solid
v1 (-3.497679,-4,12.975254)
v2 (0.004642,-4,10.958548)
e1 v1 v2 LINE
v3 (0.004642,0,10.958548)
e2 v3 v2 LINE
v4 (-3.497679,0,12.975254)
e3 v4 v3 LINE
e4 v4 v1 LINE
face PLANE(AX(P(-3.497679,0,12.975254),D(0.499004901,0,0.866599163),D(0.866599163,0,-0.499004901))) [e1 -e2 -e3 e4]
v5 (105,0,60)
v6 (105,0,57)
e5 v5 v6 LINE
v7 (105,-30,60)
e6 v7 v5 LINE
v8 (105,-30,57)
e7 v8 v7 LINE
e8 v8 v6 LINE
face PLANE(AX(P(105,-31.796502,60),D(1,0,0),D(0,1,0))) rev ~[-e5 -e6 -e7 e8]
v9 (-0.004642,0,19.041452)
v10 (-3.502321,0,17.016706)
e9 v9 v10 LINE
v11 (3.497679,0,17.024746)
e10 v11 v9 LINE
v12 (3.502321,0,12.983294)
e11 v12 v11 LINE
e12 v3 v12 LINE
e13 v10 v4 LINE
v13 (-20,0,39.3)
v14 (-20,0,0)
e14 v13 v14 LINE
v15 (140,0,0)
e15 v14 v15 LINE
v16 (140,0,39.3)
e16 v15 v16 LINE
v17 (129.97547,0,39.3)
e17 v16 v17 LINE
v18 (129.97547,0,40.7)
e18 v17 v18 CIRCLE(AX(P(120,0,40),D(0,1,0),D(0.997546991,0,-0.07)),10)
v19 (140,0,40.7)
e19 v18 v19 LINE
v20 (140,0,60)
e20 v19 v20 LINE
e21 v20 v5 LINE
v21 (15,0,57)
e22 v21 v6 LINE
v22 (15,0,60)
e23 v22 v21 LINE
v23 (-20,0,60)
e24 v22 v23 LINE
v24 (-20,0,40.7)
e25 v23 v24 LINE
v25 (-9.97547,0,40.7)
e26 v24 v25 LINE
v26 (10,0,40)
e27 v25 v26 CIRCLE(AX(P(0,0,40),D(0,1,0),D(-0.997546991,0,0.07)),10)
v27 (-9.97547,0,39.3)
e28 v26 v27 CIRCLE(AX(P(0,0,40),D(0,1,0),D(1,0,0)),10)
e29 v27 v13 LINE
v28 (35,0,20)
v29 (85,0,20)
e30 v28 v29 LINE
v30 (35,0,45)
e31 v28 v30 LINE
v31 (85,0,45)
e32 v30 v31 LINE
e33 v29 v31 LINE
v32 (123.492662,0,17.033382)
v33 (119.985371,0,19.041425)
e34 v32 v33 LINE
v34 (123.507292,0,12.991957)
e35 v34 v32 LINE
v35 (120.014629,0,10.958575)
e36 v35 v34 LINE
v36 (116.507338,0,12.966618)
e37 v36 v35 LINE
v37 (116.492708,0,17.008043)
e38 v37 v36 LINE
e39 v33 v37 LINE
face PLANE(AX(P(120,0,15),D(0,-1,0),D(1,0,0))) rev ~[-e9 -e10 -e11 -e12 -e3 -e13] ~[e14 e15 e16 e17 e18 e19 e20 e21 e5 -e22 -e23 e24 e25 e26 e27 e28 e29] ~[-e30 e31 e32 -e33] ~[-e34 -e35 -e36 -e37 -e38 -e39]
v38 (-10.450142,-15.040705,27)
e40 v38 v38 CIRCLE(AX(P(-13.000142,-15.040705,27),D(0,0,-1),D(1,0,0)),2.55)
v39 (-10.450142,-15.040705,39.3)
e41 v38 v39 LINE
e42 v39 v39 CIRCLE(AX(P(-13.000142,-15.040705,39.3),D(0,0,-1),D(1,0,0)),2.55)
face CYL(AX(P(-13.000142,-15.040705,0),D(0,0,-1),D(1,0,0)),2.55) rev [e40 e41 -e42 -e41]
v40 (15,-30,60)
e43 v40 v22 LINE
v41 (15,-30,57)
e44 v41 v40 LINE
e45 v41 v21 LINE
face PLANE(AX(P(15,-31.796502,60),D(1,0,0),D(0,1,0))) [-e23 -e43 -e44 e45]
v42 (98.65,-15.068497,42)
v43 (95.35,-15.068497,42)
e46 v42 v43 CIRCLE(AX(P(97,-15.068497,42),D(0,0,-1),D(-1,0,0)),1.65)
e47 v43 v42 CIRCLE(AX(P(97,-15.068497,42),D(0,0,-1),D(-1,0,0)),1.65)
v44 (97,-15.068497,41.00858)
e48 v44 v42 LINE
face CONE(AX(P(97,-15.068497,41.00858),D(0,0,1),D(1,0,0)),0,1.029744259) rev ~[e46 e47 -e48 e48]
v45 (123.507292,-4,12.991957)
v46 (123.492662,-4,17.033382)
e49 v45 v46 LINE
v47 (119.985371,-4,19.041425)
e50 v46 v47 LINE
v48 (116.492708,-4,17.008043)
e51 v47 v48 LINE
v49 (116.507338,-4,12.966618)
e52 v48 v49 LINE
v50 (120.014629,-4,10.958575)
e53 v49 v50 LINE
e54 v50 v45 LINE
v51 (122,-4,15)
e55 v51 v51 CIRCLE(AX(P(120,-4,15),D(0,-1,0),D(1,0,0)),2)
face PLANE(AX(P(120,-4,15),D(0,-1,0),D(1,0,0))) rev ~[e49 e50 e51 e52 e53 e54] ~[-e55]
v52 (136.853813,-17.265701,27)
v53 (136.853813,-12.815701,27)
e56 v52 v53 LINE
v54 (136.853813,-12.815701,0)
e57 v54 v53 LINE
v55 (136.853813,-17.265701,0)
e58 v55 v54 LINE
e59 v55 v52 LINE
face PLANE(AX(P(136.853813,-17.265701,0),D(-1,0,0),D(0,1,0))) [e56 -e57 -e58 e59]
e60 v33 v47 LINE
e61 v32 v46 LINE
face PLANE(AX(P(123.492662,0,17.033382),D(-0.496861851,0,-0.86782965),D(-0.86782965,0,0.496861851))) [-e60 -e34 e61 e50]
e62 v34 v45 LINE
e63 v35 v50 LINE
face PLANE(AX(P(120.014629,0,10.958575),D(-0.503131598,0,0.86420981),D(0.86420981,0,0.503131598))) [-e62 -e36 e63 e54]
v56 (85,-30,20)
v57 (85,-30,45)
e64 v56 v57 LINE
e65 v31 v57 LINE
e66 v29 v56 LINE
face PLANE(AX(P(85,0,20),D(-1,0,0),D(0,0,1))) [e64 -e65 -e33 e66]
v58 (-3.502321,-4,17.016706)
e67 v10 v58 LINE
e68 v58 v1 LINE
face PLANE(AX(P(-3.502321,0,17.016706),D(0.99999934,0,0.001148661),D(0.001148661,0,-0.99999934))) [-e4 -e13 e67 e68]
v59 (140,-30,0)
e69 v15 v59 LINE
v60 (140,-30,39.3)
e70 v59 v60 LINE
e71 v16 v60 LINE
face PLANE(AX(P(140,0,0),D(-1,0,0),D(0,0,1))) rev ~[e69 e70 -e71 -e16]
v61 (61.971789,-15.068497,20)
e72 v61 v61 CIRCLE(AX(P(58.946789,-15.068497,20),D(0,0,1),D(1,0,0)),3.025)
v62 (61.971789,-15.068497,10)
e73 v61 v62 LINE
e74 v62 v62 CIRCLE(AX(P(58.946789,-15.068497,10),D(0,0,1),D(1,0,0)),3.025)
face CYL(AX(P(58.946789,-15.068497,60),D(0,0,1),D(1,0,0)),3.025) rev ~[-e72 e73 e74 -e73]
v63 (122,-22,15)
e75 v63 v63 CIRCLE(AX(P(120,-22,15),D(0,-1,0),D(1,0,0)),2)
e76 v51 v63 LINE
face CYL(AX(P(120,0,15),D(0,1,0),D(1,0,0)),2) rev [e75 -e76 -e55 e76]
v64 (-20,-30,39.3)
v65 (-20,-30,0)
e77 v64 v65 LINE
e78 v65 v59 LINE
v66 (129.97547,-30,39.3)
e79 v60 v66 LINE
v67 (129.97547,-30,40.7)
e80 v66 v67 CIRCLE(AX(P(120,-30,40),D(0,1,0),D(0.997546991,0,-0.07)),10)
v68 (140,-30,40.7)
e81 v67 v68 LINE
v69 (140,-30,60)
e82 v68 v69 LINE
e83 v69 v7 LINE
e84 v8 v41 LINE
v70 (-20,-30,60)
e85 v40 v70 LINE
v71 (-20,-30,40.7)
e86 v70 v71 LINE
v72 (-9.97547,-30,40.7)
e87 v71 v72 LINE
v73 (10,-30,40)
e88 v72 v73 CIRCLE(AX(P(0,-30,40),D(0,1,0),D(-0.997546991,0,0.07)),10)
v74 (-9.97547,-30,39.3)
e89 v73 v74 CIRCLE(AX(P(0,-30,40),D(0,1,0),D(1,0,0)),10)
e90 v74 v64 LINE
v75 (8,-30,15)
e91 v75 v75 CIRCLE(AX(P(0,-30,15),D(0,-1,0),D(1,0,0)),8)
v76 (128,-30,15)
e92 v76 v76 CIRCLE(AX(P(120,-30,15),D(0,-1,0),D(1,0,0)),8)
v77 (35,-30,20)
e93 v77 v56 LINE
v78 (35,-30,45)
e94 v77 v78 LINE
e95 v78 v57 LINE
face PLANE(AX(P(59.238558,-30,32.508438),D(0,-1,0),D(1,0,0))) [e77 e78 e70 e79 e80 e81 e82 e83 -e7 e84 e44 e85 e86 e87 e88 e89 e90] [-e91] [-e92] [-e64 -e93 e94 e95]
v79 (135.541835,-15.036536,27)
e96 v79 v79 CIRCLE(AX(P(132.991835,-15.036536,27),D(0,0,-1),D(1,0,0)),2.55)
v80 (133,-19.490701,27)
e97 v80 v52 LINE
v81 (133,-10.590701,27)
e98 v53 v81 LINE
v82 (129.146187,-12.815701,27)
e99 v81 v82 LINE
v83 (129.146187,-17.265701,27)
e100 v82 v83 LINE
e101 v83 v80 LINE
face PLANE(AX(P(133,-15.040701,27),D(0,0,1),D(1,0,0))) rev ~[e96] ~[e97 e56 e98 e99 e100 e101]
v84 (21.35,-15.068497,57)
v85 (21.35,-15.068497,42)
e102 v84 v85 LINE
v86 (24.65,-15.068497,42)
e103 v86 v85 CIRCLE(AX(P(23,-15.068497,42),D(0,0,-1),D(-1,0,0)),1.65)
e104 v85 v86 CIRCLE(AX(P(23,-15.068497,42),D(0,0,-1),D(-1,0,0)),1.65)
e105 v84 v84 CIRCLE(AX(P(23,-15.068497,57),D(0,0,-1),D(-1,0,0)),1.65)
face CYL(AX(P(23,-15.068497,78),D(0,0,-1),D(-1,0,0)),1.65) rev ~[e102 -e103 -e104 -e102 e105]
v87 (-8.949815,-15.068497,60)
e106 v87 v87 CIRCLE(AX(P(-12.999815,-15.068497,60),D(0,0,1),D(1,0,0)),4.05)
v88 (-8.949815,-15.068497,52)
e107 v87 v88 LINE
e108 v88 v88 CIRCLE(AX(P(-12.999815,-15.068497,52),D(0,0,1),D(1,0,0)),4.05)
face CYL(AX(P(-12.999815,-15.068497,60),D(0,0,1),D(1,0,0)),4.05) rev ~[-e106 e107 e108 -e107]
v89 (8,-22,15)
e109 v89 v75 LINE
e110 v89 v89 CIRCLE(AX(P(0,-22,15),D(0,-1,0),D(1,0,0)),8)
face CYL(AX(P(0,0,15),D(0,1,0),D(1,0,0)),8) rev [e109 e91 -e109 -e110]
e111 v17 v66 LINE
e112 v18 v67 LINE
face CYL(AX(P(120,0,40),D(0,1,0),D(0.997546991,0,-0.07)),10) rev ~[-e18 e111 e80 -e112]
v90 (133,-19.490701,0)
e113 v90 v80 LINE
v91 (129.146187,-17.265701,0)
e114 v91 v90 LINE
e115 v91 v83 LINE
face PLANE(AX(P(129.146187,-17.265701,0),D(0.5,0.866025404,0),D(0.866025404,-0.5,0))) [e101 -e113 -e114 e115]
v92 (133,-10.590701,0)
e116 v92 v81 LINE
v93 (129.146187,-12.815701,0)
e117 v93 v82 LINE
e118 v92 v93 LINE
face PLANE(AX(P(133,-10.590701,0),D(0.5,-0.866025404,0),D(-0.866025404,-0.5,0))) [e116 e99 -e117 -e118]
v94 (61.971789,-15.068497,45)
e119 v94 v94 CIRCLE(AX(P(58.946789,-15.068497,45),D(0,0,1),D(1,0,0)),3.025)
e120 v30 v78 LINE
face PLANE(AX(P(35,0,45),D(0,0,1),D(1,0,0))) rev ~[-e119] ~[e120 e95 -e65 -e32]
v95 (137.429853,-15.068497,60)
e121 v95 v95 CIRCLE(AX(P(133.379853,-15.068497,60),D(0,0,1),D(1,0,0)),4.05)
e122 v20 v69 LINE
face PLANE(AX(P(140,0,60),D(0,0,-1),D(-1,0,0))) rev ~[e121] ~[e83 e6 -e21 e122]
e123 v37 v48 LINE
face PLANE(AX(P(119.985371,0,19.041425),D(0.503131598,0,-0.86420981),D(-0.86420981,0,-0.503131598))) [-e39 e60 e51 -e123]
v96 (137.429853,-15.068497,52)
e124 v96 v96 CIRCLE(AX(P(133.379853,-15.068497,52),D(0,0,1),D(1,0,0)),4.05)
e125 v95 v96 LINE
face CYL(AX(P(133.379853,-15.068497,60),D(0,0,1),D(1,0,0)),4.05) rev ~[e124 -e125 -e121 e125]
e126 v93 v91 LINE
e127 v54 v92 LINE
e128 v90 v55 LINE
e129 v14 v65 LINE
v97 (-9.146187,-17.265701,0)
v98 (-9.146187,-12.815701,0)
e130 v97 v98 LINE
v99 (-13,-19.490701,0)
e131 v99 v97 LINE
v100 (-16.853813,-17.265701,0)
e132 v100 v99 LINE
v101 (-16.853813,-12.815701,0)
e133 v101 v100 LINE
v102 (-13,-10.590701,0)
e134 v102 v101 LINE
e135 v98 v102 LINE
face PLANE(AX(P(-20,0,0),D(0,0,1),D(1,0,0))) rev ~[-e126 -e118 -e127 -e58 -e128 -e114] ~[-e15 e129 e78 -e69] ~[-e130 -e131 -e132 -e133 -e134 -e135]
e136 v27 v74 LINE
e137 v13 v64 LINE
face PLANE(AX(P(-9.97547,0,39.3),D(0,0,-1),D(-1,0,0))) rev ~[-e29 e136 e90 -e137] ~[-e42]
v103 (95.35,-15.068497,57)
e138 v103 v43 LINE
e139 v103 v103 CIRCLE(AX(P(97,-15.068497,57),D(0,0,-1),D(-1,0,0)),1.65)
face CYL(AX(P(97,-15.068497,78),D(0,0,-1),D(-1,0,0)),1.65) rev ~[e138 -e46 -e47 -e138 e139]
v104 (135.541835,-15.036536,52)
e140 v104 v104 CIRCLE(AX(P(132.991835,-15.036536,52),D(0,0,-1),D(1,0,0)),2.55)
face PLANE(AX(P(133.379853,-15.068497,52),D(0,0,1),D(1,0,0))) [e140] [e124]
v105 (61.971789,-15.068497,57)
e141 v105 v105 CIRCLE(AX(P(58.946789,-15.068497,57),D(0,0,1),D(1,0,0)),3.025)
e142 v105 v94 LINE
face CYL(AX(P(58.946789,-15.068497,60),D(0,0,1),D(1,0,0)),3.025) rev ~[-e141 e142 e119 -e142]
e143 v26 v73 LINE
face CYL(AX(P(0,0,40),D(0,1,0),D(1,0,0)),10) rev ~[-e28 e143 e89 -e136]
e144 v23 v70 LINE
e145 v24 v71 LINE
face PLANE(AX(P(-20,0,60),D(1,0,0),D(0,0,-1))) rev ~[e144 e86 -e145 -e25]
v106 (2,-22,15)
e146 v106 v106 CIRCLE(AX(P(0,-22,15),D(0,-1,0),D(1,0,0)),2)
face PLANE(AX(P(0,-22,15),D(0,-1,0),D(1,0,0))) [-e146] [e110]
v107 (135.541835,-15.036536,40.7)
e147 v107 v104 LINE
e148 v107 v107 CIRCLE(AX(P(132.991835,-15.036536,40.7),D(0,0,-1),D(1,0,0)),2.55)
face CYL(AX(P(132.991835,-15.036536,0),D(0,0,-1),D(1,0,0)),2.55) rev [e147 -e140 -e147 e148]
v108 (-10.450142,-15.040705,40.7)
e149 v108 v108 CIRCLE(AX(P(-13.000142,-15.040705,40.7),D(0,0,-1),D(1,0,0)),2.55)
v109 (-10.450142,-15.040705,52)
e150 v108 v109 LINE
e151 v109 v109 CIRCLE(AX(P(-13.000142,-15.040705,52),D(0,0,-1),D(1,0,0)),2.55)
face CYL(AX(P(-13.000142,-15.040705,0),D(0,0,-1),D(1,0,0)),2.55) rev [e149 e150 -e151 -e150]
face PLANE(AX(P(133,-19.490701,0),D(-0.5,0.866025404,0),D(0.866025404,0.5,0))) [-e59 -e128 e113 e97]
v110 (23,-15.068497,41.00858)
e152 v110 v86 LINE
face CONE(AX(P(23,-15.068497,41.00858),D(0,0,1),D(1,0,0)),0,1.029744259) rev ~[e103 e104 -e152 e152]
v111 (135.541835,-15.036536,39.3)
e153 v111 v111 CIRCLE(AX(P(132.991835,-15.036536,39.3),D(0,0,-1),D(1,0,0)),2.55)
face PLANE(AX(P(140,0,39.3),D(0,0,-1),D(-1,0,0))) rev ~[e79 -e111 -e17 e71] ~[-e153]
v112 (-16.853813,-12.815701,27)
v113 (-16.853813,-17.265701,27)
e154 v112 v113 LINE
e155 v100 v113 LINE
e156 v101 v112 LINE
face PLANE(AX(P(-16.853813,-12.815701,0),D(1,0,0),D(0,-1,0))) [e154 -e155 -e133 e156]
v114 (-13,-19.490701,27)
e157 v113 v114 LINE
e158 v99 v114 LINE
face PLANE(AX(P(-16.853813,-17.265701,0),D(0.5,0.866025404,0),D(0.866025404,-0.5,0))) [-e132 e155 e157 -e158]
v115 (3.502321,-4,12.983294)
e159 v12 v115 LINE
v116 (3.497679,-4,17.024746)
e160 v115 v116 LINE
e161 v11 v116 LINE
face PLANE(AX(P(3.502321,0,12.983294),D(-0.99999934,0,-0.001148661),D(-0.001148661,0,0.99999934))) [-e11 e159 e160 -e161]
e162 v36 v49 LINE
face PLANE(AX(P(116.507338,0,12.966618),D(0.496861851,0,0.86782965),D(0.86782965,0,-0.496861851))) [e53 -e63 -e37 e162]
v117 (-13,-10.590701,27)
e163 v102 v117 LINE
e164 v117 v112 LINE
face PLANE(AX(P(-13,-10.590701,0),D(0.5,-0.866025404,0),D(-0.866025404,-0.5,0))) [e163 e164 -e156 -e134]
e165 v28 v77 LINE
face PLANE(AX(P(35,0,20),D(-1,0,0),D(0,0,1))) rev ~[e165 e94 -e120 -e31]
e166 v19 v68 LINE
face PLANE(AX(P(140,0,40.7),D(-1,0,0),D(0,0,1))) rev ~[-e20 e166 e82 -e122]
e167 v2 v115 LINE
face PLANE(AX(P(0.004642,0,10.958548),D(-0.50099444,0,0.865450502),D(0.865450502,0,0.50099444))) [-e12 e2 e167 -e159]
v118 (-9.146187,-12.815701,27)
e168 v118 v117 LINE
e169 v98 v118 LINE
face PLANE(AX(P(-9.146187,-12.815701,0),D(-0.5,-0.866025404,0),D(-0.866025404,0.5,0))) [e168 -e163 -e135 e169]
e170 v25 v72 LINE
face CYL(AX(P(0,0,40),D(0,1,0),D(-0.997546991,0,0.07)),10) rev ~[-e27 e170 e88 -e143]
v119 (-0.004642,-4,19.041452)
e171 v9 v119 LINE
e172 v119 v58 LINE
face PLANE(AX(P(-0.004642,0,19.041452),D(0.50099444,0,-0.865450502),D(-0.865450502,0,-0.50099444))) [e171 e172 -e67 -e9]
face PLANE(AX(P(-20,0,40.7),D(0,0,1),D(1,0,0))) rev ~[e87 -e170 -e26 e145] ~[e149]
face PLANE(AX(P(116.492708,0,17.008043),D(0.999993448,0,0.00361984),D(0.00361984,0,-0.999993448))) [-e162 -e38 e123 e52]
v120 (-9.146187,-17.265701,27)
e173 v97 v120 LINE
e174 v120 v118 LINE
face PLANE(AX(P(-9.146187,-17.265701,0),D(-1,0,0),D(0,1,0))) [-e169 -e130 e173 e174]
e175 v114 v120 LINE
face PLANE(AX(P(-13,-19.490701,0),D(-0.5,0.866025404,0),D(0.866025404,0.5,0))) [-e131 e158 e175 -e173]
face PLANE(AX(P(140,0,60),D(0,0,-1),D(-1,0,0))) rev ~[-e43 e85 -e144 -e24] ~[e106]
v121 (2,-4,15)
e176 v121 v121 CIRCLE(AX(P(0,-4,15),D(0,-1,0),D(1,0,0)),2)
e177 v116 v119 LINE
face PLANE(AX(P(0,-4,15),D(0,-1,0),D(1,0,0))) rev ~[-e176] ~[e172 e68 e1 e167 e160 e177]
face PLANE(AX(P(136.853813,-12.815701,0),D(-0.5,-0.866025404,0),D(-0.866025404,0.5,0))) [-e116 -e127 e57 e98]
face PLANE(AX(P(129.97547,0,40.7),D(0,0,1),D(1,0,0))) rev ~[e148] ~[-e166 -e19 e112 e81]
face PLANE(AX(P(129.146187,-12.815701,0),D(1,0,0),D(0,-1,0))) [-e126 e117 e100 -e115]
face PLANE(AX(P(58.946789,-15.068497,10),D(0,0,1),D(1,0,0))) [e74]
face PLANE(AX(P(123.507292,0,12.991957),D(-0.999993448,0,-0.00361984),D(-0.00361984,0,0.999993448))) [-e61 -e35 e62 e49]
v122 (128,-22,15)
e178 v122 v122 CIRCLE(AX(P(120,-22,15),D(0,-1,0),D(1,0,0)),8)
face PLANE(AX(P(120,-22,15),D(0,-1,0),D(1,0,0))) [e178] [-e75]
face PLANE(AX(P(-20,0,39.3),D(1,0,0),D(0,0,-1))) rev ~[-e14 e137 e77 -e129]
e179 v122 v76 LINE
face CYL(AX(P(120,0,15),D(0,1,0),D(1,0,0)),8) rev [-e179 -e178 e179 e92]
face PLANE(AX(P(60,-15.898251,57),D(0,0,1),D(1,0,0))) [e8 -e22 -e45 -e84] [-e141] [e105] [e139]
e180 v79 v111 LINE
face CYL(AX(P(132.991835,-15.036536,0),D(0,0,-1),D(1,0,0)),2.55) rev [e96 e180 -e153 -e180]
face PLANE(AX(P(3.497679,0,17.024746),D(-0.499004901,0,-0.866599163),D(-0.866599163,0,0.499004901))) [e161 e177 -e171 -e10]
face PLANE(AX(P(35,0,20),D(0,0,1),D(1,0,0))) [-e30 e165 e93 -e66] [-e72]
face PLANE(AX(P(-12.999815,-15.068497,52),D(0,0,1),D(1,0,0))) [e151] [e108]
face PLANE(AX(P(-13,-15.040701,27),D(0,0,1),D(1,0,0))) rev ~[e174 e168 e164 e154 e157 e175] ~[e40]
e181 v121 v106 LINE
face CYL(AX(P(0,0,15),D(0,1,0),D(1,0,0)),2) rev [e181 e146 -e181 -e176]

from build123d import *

# Parameters (mm, degrees)
F0_R      = 8
F0_W      = 50
F0_H      = 25
F1_DEPTH  = 30
F3_DEPTH  = 27
F4_R      = 2.55
F5_DEPTH  = 60.001
F4_R_2    = 4.05
F6_DEPTH  = 10
F8_R      = 4.05
F9_DEPTH  = 8
F8_R_2    = 3.025
F10_DEPTH = 50
F8_W      = 90
F8_H      = 31.7965019494
F11_DEPTH = 3
F12_D     = 3.3
F12_DEPTH = 18
F12_TIP   = 0.9914200214
F0_R_2    = 2
F13_DEPTH = 4
F14_DEPTH = 22
F15_DEPTH = 22
F16_DEPTH = 4


with BuildPart() as f1:
    # F0 (on Front) → F1 (new body)
    with BuildSketch(Plane.XZ):
        with BuildLine():
            Line((-20, 39.3), (-20, 0))
            Line((-20, 0), (140, 0))
            Line((140, 0), (140, 39.3))
            Line((140, 39.3), (129.9754699137, 39.3))
            ThreePointArc((129.9754699137, 39.3), (110, 40), (129.9754699137, 40.7))
            Line((129.9754699137, 40.7), (140, 40.7))
            Line((140, 40.7), (140, 60))
            Line((140, 60), (-20, 60))
            Line((-20, 60), (-20, 40.7))
            Line((-20, 40.7), (-9.9754699137, 40.7))
            ThreePointArc((-9.9754699137, 40.7), (0.3502148359, 49.9938655969), (10, 40))
            ThreePointArc((10, 40), (0.3502148359, 30.0061344031), (-9.9754699137, 39.3))
            Line((-9.9754699137, 39.3), (-20, 39.3))
        make_face()
        with Locations((0, 15)):
            Circle(F0_R, mode=Mode.SUBTRACT)
        with Locations((120, 15)):
            Circle(F0_R, mode=Mode.SUBTRACT)
        with Locations((60, 32.5)):
            Rectangle(F0_W, F0_H, mode=Mode.SUBTRACT)
    extrude(amount=F1_DEPTH)

    # F2 (on Top) → F3 (cut)
    with BuildSketch(Plane.XY):
        Polygon((129.1461869532, -12.8157012552), (129.1461869532, -17.2657012552), (133, -19.4907012552), (136.8538130468, -17.2657012552), (136.8538130468, -12.8157012552), (133, -10.5907012552), align=None)
        Polygon((-16.8538130468, -12.8157012552), (-16.8538130468, -17.2657012552), (-13, -19.4907012552), (-9.1461869532, -17.2657012552), (-9.1461869532, -12.8157012552), (-13, -10.5907012552), align=None)
    extrude(amount=F3_DEPTH, mode=Mode.SUBTRACT)

    # F4 (on Top) → F5 (cut, through all)
    with BuildSketch(Plane.XY):
        with Locations((132.991835475, -15.0365363806)):
            Circle(F4_R)
        with Locations((-13.0001418293, -15.0407049805)):
            Circle(F4_R)
    extrude(amount=F5_DEPTH, mode=Mode.SUBTRACT)

    # F4 (on Top) → F6 (cut)
    with BuildSketch(Plane.XY):
        with Locations((-13.0001418293, -15.0407049805)):
            Circle(F4_R_2)
        with Locations((-13.0001418293, -15.0407049805)):
            Circle(F4_R, mode=Mode.SUBTRACT)
        with Locations((132.991835475, -15.0365363806)):
            Circle(F4_R_2)
        with Locations((132.991835475, -15.0365363806)):
            Circle(F4_R, mode=Mode.SUBTRACT)
    extrude(amount=-F6_DEPTH, mode=Mode.SUBTRACT)

    # F8 (on offset) → F9 (cut)
    with BuildSketch(Plane.XY.offset(60)):
        with Locations((-12.9998153025, -15.0684969688)):
            Circle(F8_R)
        with Locations((133.3798532359, -15.0684969688)):
            Circle(F8_R)
    extrude(amount=-F9_DEPTH, mode=Mode.SUBTRACT)

    # F8 (on offset) → F10 (cut)
    with BuildSketch(Plane.XY.offset(60)):
        with Locations((58.9467886905, -15.0684969688)):
            Circle(F8_R_2)
    extrude(amount=-F10_DEPTH, mode=Mode.SUBTRACT)

    # F8 (on offset) → F11 (cut)
    with BuildSketch(Plane.XY.offset(60)):
        with Locations((60, -15.8982509747)):
            Rectangle(F8_W, F8_H)
        with Locations((58.9467886905, -15.0684969688)):
            Circle(F8_R_2, mode=Mode.SUBTRACT)
    extrude(amount=-F11_DEPTH, mode=Mode.SUBTRACT)

    # F12
    with Locations(Plane.XY.offset(60)):
        with Locations((23, -15.0684969688), (97, -15.0684969688)):
            Hole(F12_D / 2, depth=F12_DEPTH)
            with Locations((0, 0, -(F12_DEPTH + F12_TIP / 2))):  # 118° drill point
                Cone(0, F12_D / 2, F12_TIP, mode=Mode.SUBTRACT)

    # F0 (on Front) → F13 (cut)
    with BuildSketch(Plane.XZ):
        Polygon((-0.0046422602, 19.0414518843), (-3.5023211301, 17.0167056269), (-3.4976788699, 12.9752537426), (0.0046422602, 10.9585481157), (3.5023211301, 12.9832943731), (3.4976788699, 17.0247462574), align=None)
        with Locations((0, 15)):
            Circle(F0_R_2, mode=Mode.SUBTRACT)
        Polygon((123.4926623645, 17.0333821434), (119.9853705905, 19.0414254062), (116.492708226, 17.0080432628), (116.5073376355, 12.9666178566), (120.0146294095, 10.9585745938), (123.507291774, 12.9919567372), align=None)
        with Locations((120, 15)):
            Circle(F0_R_2, mode=Mode.SUBTRACT)
    extrude(amount=F13_DEPTH, mode=Mode.SUBTRACT)

    # F0 (on Front) → F14 (join)
    with BuildSketch(Plane.XZ):
        with Locations((120, 15)):
            Circle(F0_R)
        Polygon((116.492708226, 17.0080432628), (119.9853705905, 19.0414254062), (123.4926623645, 17.0333821434), (123.507291774, 12.9919567372), (120.0146294095, 10.9585745938), (116.5073376355, 12.9666178566), align=None, mode=Mode.SUBTRACT)
        with Locations((0, 15)):
            Circle(F0_R)
        Polygon((-3.4976788699, 12.9752537426), (-3.5023211301, 17.0167056269), (-0.0046422602, 19.0414518843), (3.4976788699, 17.0247462574), (3.5023211301, 12.9832943731), (0.0046422602, 10.9585481157), align=None, mode=Mode.SUBTRACT)
    extrude(amount=F14_DEPTH)

    # F0 (on Front) → F15 (join)
    with BuildSketch(Plane.XZ):
        Polygon((123.4926623645, 17.0333821434), (119.9853705905, 19.0414254062), (116.492708226, 17.0080432628), (116.5073376355, 12.9666178566), (120.0146294095, 10.9585745938), (123.507291774, 12.9919567372), align=None)
        with Locations((120, 15)):
            Circle(F0_R_2, mode=Mode.SUBTRACT)
        Polygon((-0.0046422602, 19.0414518843), (-3.5023211301, 17.0167056269), (-3.4976788699, 12.9752537426), (0.0046422602, 10.9585481157), (3.5023211301, 12.9832943731), (3.4976788699, 17.0247462574), align=None)
        with Locations((0, 15)):
            Circle(F0_R_2, mode=Mode.SUBTRACT)
    extrude(amount=F15_DEPTH)

    # F0 (on Front) → F16 (cut)
    with BuildSketch(Plane.XZ):
        Polygon((-0.0046422602, 19.0414518843), (-3.5023211301, 17.0167056269), (-3.4976788699, 12.9752537426), (0.0046422602, 10.9585481157), (3.5023211301, 12.9832943731), (3.4976788699, 17.0247462574), align=None)
        with Locations((0, 15)):
            Circle(F0_R_2, mode=Mode.SUBTRACT)
        Polygon((123.4926623645, 17.0333821434), (119.9853705905, 19.0414254062), (116.492708226, 17.0080432628), (116.5073376355, 12.9666178566), (120.0146294095, 10.9585745938), (123.507291774, 12.9919567372), align=None)
        with Locations((120, 15)):
            Circle(F0_R_2, mode=Mode.SUBTRACT)
    extrude(amount=F16_DEPTH, mode=Mode.SUBTRACT)


solid = f1.part
